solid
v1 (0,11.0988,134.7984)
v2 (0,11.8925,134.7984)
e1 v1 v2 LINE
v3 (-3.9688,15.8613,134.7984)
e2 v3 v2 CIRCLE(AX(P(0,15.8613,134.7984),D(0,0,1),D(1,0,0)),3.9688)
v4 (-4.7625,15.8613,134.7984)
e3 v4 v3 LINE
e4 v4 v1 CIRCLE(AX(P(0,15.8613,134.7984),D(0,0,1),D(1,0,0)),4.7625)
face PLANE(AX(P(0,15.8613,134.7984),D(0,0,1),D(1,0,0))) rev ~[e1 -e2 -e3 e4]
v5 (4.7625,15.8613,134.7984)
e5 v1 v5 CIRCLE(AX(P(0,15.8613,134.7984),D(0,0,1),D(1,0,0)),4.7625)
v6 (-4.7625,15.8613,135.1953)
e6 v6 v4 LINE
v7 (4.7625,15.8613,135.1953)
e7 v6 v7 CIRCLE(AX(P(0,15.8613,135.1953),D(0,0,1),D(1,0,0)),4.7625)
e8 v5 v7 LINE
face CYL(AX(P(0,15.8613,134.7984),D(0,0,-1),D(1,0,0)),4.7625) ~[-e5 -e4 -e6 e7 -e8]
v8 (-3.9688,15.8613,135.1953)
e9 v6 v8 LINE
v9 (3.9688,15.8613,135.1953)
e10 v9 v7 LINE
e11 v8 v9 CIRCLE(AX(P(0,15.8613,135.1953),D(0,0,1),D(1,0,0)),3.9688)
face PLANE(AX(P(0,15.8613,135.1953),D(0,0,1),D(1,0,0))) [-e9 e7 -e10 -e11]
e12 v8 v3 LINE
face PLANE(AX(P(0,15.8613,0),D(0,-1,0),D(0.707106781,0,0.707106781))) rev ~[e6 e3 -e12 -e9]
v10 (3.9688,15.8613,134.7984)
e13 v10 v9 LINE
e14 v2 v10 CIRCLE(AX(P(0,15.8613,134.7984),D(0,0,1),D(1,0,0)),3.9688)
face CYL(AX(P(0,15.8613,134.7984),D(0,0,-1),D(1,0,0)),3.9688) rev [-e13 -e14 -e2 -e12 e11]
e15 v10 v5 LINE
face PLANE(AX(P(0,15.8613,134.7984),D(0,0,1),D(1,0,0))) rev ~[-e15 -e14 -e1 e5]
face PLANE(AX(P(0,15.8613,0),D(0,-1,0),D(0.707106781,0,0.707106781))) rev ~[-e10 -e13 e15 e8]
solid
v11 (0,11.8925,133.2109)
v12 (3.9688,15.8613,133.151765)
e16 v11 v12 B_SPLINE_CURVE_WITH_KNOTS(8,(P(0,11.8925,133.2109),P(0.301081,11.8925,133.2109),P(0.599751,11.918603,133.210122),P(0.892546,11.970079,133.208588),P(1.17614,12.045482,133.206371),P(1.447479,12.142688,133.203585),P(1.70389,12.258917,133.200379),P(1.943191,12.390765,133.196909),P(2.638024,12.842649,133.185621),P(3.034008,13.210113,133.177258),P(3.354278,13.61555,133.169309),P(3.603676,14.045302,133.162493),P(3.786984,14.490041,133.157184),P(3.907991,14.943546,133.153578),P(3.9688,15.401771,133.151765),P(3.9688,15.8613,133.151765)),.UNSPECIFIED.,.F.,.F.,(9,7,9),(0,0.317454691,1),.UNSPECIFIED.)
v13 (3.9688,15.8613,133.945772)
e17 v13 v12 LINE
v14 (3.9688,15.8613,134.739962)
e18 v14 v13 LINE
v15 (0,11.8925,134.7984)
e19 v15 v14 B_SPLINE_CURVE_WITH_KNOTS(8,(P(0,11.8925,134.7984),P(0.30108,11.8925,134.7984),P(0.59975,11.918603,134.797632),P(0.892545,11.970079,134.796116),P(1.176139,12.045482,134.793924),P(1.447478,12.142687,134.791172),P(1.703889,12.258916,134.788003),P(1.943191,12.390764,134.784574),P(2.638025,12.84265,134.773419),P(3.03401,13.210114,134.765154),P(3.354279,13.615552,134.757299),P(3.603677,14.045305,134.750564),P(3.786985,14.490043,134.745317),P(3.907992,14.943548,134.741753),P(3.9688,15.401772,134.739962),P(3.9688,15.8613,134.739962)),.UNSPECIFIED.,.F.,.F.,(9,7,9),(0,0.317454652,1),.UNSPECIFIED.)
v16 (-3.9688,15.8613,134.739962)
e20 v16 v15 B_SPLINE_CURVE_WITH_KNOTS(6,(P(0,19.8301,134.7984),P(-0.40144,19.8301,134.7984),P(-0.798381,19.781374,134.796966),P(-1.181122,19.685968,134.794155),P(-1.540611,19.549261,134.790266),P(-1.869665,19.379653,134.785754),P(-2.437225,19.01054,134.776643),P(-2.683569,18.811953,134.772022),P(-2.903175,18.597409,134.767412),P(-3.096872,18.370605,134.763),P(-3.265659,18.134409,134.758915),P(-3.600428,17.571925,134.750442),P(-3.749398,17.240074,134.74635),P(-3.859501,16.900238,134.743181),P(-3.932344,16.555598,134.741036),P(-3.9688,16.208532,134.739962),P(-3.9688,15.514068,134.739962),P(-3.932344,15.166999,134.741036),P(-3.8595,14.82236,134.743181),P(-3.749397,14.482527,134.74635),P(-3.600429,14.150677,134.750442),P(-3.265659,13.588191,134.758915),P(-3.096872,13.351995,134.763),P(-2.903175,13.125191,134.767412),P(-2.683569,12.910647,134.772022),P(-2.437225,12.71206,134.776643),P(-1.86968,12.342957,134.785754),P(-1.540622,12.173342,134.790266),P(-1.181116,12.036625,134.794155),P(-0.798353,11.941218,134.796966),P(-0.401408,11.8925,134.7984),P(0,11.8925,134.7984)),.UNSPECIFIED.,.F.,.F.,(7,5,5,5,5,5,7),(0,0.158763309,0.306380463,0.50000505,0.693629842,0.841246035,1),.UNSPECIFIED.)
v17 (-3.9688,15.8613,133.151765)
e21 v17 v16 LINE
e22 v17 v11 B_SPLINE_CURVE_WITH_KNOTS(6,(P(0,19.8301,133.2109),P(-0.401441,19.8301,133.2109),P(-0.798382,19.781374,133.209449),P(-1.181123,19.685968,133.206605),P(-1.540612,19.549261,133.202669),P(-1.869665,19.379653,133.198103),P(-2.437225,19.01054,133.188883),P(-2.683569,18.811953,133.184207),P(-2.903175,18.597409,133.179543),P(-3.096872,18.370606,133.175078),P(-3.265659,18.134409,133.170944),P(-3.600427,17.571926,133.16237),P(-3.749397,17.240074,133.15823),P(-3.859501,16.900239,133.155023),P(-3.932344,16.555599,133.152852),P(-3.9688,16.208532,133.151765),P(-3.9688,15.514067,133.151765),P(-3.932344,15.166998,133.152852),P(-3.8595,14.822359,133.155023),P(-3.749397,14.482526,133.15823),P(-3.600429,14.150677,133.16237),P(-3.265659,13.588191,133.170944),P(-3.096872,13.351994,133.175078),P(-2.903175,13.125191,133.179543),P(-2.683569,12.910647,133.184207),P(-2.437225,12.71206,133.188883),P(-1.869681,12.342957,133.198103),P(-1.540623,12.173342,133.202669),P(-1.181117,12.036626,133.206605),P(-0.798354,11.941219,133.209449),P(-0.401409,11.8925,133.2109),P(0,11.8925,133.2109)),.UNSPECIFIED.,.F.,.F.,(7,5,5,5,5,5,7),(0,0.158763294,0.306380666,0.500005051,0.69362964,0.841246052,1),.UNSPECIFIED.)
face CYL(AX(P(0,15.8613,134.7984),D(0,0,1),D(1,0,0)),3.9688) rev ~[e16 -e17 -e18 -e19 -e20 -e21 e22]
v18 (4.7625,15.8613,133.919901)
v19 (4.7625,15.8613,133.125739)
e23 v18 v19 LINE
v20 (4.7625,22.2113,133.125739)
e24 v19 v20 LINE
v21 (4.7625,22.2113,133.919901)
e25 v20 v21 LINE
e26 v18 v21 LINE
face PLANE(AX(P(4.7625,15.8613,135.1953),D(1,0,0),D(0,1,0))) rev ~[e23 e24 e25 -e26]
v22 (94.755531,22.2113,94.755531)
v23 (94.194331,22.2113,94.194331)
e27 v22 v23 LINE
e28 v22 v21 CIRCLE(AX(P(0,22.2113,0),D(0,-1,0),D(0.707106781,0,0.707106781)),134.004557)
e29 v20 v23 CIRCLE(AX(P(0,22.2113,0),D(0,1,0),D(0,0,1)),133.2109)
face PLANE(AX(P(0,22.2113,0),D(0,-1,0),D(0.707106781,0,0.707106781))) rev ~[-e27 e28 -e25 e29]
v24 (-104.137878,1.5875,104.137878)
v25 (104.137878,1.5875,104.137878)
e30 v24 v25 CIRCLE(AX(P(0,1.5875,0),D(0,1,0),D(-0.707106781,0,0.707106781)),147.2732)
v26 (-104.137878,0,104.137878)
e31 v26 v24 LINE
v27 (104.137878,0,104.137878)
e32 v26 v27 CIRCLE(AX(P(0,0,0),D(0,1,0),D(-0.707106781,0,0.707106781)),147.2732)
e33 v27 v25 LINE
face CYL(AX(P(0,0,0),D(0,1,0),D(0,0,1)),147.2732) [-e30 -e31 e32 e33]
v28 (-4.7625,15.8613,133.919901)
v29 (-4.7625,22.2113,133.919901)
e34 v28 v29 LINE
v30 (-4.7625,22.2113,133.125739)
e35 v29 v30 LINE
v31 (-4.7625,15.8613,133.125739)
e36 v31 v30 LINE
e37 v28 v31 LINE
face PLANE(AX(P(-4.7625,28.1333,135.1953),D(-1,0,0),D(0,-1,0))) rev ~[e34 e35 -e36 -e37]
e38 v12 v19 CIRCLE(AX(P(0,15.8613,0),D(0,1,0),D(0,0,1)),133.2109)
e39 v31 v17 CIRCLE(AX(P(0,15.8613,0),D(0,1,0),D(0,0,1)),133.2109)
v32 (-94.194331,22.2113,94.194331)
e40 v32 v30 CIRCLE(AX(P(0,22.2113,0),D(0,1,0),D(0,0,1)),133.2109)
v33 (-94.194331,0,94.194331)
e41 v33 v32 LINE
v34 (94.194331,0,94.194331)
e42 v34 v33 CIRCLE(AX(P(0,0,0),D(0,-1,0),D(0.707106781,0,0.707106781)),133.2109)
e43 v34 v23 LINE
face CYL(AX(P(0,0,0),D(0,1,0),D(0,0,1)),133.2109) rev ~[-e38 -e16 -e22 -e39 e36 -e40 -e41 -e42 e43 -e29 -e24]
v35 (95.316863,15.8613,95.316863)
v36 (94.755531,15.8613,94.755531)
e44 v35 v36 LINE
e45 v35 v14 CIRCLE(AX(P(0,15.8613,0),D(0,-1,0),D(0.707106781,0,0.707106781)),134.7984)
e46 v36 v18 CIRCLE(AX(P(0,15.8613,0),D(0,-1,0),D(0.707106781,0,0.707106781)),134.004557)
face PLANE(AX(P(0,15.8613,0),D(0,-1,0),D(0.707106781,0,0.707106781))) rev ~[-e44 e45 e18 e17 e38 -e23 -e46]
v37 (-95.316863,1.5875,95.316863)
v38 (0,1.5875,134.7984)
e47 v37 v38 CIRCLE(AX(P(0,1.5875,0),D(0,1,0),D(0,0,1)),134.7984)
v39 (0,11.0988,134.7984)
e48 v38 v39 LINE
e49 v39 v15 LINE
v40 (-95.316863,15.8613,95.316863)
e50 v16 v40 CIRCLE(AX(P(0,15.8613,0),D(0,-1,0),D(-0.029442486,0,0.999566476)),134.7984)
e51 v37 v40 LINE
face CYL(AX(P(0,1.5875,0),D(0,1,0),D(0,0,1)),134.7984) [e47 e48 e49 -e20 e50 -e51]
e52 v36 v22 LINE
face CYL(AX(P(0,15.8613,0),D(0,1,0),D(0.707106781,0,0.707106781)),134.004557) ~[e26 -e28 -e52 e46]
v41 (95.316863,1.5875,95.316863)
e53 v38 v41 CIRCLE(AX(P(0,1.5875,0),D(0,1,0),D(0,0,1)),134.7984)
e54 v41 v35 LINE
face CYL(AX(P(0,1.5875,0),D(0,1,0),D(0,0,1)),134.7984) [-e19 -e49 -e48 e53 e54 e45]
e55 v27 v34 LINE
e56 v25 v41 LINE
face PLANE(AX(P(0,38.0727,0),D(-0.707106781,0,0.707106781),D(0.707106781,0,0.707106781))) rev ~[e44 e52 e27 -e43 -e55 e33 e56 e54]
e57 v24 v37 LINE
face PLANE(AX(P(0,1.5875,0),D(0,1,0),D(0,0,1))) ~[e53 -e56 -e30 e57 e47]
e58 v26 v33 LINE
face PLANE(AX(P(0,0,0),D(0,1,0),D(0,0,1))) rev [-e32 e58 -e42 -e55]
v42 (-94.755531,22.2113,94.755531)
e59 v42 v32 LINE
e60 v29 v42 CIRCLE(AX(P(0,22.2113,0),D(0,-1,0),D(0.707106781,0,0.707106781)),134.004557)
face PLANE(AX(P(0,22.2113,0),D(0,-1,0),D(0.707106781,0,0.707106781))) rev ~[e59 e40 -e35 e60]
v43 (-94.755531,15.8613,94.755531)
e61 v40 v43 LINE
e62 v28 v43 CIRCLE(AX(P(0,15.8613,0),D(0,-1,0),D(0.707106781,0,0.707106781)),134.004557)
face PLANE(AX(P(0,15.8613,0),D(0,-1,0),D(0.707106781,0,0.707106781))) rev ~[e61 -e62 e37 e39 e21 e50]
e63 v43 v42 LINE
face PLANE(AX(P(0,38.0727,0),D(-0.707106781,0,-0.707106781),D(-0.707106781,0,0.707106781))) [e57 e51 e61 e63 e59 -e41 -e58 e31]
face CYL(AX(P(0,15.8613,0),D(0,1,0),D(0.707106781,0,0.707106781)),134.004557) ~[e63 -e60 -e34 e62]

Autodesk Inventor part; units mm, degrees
ref_plane "YZ Plane" through (0, 0, 0) normal (1, 0, 0) x (0, 1, 0)
ref_plane "XZ Plane" through (0, 0, 0) normal (0, 1, 0) x (-1, 0, 0)
sketch "Sketch1" plane through (0, 0, 0) normal (1, 0, 0) x (0, 1, 0)
  line L0 (0, 0) -> (28.6807, 0)
  line L1 (0, 133.2109) -> (36.4852, 133.2109)
  line L2 (0, 133.2109) -> (0, 147.2732)
  line L3 (0, 147.2732) -> (1.5875, 147.2732)
  line L4 (1.5875, 134.7984) -> (36.4852, 134.7984)
  line L5 (36.4852, 134.7984) -> (36.4852, 133.2109)
  line L6 (1.5875, 134.7984) -> (1.5875, 147.2732)
  point P0 (15.8613, 134.7984)
  dimension "Lay2Rad" = 133.2109
  dimension "d1" = 14.0623
  dimension "d2" = 1.5875
  dimension "d3" = 36.4852
  dimension "d4" = 1.5875
  dimension "d5" = 1.5875
  dimension "d7" = 14.2738
revolve "Revolution1" add sketch "Sketch1" angle 360 about axis through (0, 0, 0) along (0, 1, 0)
ref_plane "Work Plane1" through (0, 15.8613, 134.7984) normal (0, 0, 1) x (1, 0, 0)
sketch "Sketch2" plane through (0, 15.8613, 134.7984) normal (0, 0, 1) x (1, 0, 0)
  circle A0 centre (0, 0) radius 4.7625
  circle A1 centre (0, 0) radius 3.9688
  point P0 (0, -15.8613)
  dimension "d8" = 9.525
  dimension "d11" = 7.9375
extrude "Extrusion2" cut sketch "Sketch2" against normal through all contours A1
extrude "Extrusion3" add sketch "Sketch2" along normal blind 0.3969
sketch "Sketch3" plane through (0, 36.4852, 0) normal (0, 1, 0) x (1, 0, 0)
  circle A0 centre (0, 0) radius 133.2109
  circle A1 centre (0, 0) radius 133.2109 projected
  circle A2 centre (0, 0) radius 153.6232
  circle A3 centre (0, 0) radius 147.2732 projected
  dimension "d16" = 6.35
extrude "Extrusion4" add sketch "Sketch3" along normal blind 1.5875 contours A2 | A3
sketch "Sketch4" plane through (0, 38.0727, 0) normal (0, 1, 0) x (1, 0, 0)
  line L0 (0, 0) -> (-167.0067, -167.0067)
  line L1 (0, 0) -> (236.1832, 0) construction
  line L2 (0, 0) -> (195.6261, -195.6261)
  line L3 (195.6261, -195.6261) -> (-166.4474, -166.4474)
  line L4 (-166.4474, -166.4474) -> (-176.2344, 211.1551)
  line L5 (-176.2344, 211.1551) -> (203.4461, 189.6497)
  line L6 (203.4461, 189.6497) -> (195.6261, -195.6261)
  dimension "d19" = 135
extrude "Extrusion5" cut sketch "Sketch4" against normal through all contours L0 L4 L5 L6 L2
sketch "Sketch5" plane through (94.1943, 0, 94.1943) normal (0.7071, 0, -0.7071) x (-0.7071, 0, -0.7071)
  line L0 (-6.6801, 15.8613) -> (6.5648, 15.8613)
  line L1 (0, 0) -> (-14.0623, 0) projected
  line L2 (0, 38.0727) -> (0, 0) projected
  line L3 (-0.7937, 15.8613) -> (-0.7937, 22.2113)
  line L4 (-0.7937, 22.2113) -> (0, 22.2113)
  line L5 (-0.7937, 15.8613) -> (-0.7937, 9.5113)
  line L6 (-0.7937, 9.5113) -> (-1.5875, 9.5113)
  line L7 (-1.5875, 1.5875) -> (-1.5875, 36.4852) projected
  line L8 (-1.5875, 9.5113) -> (-19.7753, 9.5113)
  line L9 (-19.7753, 9.5113) -> (-9.8215, -14.1735)
  line L10 (-9.8215, -14.1735) -> (10.1035, -9.9498)
  line L11 (10.1035, -9.9498) -> (6.5648, 15.8613)
  line L12 (0, 22.2113) -> (7.2571, 44.9587)
  line L13 (7.2571, 44.9587) -> (-27.8182, 42.4796)
  line L14 (-27.8182, 42.4796) -> (-19.0035, 23.7483)
  line L15 (133.2109, 0) -> (133.2109, 65.8048)
  line L16 (-14.0623, 1.5875) -> (-1.5875, 1.5875) projected
  line L17 (-19.0035, 23.7483) -> (-6.6801, 15.8613)
  dimension "d23" = 0.7937
  dimension "d24" = 6.35
  dimension "d25" = 6.35
  dimension "d27" = 14.2738
revolve "Revolution2" cut sketch "Sketch5" angle 90 about axis through (0, 0, 0) along (0, -1, 0) contours L17 L14 L13 L12 L4 L3 L0
sketch "Sketch6" plane through (0, 15.8613, 135.1953) normal (0, 0, 1) x (1, 0, 0)
  arc A0 (-4.7625, 0) -> (0, -4.7625) centre (0, 0) ccw projected
  line L0 (-4.7625, 0) -> (4.7625, 0)
  line L1 (4.7625, 0) -> (4.7625, 12.272)
  line L2 (4.7625, 12.272) -> (-4.7625, 12.272)
  line L3 (-4.7625, 12.272) -> (-4.7625, 0)
  point P0 (0, -15.8613)
  point P1 (4.7625, 0)
  dimension "d29" = 9.525
extrude "Extrusion6" cut sketch "Sketch6" against normal through all
equation "\"Lay2Rad\" = -2 * SpWall + 0.5 * IBDia"
equation "\"d2\" = Wall"
equation "\"d3\" = d1_1 + BevDriverDia + SpWall + Space + Wall"
equation "\"d4\" = Wall"
equation "\"d5\" = Wall"
equation "\"d7\" = 1.5 * Space + 0.5 * BevDriverDia"
equation "\"d8\" = 2 * Space + AxelDia"
equation "\"d11\" = AxelDia + Space"
equation "\"d14\" = 0.25 * Wall"
equation "\"d17\" = Wall"
equation "\"d23\" = 0.5 * Wall"
equation "\"d27\" = 1.5 * Space + 0.5 * BevDriverDia"
equation "\"SpWall\" = 3.175"
equation "\"IBDia\" = 279.121792"
equation "\"Wall\" = 1.5875"
equation "\"d1_1\" = 6.35"
equation "\"BevDriverDia\" = 23.785175"
equation "\"Space\" = 1.5875"
equation "\"AxelDia\" = 6.35"
properties part number "Layer2_Bottom_Quarter"
